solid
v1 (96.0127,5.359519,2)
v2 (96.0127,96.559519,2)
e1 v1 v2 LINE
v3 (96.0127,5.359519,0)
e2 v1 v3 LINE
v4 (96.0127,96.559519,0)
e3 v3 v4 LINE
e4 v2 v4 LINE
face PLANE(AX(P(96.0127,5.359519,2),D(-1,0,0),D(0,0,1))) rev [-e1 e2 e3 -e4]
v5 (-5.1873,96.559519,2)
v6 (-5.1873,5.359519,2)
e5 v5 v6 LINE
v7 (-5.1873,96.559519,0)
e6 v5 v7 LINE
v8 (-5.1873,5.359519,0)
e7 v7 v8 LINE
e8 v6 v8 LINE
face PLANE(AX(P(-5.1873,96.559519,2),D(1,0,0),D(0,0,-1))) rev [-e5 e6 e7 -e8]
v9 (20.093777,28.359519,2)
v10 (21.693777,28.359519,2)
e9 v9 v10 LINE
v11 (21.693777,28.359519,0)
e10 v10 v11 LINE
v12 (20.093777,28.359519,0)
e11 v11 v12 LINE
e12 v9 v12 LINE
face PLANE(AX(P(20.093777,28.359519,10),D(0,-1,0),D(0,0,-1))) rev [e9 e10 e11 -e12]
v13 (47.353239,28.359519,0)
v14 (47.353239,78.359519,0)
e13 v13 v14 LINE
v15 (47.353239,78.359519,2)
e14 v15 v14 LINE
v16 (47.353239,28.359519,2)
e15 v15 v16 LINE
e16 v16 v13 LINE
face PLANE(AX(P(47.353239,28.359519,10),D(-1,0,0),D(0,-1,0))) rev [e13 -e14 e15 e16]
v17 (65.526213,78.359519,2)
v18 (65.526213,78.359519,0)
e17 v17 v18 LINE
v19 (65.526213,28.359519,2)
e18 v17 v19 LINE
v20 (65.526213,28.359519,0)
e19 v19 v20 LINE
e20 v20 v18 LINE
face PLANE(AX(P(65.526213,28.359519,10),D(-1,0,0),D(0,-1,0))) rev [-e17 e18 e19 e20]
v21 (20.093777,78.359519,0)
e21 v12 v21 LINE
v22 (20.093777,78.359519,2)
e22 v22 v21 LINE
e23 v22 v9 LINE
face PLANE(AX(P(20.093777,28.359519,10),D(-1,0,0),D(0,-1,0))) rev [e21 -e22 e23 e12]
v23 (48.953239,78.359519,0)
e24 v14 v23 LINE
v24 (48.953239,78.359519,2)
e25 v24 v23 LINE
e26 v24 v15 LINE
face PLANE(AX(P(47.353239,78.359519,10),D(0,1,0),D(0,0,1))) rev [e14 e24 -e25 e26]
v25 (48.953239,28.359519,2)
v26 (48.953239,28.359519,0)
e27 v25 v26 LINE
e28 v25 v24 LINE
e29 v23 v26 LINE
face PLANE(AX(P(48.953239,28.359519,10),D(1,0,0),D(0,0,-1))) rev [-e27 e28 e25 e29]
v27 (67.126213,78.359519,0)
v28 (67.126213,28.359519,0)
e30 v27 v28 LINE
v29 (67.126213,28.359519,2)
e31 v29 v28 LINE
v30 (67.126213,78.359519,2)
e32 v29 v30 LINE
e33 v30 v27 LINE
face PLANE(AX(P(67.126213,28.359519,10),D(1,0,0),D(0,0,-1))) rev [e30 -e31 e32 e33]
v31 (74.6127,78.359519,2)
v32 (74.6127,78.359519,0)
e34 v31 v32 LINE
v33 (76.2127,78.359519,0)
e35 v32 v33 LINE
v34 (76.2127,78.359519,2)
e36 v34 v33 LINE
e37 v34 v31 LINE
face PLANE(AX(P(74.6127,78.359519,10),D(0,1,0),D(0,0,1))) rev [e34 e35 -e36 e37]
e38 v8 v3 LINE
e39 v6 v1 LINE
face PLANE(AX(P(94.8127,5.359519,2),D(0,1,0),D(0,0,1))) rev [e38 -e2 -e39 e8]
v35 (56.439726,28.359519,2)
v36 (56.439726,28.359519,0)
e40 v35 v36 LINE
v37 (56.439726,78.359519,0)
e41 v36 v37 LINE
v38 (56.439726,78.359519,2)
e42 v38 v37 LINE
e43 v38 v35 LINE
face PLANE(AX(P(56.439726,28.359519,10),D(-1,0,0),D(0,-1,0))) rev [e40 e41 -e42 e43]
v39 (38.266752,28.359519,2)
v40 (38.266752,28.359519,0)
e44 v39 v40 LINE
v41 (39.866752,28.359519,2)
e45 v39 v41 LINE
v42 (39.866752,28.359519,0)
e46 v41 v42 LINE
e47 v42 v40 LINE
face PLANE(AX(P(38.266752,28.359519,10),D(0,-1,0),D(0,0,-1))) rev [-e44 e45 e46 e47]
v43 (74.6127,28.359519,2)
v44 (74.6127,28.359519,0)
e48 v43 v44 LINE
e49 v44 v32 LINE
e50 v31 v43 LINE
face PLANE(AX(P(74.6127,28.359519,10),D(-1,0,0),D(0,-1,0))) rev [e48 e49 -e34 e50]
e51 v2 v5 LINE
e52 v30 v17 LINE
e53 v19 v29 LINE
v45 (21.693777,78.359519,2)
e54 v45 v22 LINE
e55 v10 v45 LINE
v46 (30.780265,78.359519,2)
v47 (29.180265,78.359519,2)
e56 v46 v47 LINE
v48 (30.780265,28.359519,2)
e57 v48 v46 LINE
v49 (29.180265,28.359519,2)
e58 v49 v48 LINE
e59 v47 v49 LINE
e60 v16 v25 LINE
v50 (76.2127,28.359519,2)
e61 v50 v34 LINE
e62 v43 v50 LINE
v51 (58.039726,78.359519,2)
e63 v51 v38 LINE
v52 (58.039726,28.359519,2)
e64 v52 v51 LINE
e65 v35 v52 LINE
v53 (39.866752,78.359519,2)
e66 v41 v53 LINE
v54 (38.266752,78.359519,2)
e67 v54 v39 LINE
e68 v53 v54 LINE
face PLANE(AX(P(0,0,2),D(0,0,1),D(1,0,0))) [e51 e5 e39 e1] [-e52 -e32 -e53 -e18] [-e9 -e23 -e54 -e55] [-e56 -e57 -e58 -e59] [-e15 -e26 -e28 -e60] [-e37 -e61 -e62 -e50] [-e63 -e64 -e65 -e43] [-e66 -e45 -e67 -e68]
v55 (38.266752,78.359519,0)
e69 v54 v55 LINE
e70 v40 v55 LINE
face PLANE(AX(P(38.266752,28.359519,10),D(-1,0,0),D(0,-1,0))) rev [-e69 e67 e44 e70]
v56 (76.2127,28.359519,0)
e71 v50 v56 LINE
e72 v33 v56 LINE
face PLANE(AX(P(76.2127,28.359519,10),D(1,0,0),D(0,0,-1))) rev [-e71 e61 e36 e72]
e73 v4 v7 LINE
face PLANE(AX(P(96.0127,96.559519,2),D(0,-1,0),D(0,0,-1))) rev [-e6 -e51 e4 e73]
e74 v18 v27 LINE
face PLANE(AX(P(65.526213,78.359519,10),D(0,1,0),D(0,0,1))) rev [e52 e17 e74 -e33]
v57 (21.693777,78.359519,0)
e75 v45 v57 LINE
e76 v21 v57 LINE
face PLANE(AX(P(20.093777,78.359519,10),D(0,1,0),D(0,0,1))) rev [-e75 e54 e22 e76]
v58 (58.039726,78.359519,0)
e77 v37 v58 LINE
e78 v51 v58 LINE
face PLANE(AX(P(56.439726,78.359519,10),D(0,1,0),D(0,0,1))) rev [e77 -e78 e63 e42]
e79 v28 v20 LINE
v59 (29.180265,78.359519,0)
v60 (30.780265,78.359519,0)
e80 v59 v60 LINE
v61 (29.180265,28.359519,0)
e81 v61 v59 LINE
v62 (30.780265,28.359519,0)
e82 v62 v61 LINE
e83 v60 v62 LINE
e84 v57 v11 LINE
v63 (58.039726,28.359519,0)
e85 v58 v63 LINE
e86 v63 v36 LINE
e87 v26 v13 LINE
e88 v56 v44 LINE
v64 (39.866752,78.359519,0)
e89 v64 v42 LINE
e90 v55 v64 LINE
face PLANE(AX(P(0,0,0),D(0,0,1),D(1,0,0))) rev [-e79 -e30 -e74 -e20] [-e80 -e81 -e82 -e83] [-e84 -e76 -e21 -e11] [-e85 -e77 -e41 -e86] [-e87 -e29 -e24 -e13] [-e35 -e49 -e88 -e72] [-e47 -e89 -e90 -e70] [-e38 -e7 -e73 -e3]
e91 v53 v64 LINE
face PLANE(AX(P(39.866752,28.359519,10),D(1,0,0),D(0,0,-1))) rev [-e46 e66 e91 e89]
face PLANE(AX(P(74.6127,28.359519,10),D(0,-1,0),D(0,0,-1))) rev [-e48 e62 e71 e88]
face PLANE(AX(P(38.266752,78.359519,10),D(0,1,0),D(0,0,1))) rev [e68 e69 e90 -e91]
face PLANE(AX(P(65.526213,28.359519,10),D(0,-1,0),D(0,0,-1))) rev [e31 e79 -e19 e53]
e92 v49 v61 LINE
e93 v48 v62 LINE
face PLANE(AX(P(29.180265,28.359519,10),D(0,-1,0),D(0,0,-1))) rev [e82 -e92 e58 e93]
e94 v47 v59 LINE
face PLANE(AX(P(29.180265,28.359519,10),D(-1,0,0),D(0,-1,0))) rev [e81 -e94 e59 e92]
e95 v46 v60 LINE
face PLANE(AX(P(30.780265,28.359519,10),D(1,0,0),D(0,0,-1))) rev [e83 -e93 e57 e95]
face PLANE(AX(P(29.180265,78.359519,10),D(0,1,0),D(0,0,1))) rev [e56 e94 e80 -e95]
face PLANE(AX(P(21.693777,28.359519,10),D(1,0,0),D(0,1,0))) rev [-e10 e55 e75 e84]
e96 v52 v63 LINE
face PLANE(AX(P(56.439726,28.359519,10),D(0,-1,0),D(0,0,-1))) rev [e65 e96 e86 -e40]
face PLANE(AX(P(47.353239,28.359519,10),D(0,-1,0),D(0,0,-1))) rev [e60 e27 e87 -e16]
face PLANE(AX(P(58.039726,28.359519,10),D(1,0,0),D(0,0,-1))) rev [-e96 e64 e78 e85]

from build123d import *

# Parameters (mm, degrees)
BOSS_EXTRUDE1_DEPTH = 2
SKETCH4_W           = 1.6
SKETCH4_H           = 50
CUT_EXTRUDE1_DEPTH  = 10


with BuildPart() as part:
    # Sketch1 → Boss-Extrude1 (new body)
    with BuildSketch(Plane.XY):
        Polygon((-3.987299975, 5.359519273), (94.812700025, 5.359519273), (96.012700025, 5.359519273), (96.012700025, 96.559519273), (-5.187299975, 96.559519273), (-5.187299975, 5.359519273), align=None)
    extrude(amount=BOSS_EXTRUDE1_DEPTH)

    # Sketch4 → Cut-Extrude1 (cut)
    with BuildSketch(Plane(origin=(0, 0, 0), x_dir=(1, 0, 0), z_dir=(0, 0, -1))):
        with Locations((20.893777412, -53.359519273)):
            Rectangle(SKETCH4_W, SKETCH4_H)
        with Locations((29.980264514, -53.359519273)):
            Rectangle(SKETCH4_W, SKETCH4_H)
        with Locations((39.066751616, -53.359519273)):
            Rectangle(SKETCH4_W, SKETCH4_H)
        with Locations((48.153238719, -53.359519273)):
            Rectangle(SKETCH4_W, SKETCH4_H)
        with Locations((57.239725821, -53.359519273)):
            Rectangle(SKETCH4_W, SKETCH4_H)
        with Locations((66.326212923, -53.359519273)):
            Rectangle(SKETCH4_W, SKETCH4_H)
        with Locations((75.412700025, -53.359519273)):
            Rectangle(SKETCH4_W, SKETCH4_H)
    extrude(amount=-CUT_EXTRUDE1_DEPTH, mode=Mode.SUBTRACT)


solid = part.part
